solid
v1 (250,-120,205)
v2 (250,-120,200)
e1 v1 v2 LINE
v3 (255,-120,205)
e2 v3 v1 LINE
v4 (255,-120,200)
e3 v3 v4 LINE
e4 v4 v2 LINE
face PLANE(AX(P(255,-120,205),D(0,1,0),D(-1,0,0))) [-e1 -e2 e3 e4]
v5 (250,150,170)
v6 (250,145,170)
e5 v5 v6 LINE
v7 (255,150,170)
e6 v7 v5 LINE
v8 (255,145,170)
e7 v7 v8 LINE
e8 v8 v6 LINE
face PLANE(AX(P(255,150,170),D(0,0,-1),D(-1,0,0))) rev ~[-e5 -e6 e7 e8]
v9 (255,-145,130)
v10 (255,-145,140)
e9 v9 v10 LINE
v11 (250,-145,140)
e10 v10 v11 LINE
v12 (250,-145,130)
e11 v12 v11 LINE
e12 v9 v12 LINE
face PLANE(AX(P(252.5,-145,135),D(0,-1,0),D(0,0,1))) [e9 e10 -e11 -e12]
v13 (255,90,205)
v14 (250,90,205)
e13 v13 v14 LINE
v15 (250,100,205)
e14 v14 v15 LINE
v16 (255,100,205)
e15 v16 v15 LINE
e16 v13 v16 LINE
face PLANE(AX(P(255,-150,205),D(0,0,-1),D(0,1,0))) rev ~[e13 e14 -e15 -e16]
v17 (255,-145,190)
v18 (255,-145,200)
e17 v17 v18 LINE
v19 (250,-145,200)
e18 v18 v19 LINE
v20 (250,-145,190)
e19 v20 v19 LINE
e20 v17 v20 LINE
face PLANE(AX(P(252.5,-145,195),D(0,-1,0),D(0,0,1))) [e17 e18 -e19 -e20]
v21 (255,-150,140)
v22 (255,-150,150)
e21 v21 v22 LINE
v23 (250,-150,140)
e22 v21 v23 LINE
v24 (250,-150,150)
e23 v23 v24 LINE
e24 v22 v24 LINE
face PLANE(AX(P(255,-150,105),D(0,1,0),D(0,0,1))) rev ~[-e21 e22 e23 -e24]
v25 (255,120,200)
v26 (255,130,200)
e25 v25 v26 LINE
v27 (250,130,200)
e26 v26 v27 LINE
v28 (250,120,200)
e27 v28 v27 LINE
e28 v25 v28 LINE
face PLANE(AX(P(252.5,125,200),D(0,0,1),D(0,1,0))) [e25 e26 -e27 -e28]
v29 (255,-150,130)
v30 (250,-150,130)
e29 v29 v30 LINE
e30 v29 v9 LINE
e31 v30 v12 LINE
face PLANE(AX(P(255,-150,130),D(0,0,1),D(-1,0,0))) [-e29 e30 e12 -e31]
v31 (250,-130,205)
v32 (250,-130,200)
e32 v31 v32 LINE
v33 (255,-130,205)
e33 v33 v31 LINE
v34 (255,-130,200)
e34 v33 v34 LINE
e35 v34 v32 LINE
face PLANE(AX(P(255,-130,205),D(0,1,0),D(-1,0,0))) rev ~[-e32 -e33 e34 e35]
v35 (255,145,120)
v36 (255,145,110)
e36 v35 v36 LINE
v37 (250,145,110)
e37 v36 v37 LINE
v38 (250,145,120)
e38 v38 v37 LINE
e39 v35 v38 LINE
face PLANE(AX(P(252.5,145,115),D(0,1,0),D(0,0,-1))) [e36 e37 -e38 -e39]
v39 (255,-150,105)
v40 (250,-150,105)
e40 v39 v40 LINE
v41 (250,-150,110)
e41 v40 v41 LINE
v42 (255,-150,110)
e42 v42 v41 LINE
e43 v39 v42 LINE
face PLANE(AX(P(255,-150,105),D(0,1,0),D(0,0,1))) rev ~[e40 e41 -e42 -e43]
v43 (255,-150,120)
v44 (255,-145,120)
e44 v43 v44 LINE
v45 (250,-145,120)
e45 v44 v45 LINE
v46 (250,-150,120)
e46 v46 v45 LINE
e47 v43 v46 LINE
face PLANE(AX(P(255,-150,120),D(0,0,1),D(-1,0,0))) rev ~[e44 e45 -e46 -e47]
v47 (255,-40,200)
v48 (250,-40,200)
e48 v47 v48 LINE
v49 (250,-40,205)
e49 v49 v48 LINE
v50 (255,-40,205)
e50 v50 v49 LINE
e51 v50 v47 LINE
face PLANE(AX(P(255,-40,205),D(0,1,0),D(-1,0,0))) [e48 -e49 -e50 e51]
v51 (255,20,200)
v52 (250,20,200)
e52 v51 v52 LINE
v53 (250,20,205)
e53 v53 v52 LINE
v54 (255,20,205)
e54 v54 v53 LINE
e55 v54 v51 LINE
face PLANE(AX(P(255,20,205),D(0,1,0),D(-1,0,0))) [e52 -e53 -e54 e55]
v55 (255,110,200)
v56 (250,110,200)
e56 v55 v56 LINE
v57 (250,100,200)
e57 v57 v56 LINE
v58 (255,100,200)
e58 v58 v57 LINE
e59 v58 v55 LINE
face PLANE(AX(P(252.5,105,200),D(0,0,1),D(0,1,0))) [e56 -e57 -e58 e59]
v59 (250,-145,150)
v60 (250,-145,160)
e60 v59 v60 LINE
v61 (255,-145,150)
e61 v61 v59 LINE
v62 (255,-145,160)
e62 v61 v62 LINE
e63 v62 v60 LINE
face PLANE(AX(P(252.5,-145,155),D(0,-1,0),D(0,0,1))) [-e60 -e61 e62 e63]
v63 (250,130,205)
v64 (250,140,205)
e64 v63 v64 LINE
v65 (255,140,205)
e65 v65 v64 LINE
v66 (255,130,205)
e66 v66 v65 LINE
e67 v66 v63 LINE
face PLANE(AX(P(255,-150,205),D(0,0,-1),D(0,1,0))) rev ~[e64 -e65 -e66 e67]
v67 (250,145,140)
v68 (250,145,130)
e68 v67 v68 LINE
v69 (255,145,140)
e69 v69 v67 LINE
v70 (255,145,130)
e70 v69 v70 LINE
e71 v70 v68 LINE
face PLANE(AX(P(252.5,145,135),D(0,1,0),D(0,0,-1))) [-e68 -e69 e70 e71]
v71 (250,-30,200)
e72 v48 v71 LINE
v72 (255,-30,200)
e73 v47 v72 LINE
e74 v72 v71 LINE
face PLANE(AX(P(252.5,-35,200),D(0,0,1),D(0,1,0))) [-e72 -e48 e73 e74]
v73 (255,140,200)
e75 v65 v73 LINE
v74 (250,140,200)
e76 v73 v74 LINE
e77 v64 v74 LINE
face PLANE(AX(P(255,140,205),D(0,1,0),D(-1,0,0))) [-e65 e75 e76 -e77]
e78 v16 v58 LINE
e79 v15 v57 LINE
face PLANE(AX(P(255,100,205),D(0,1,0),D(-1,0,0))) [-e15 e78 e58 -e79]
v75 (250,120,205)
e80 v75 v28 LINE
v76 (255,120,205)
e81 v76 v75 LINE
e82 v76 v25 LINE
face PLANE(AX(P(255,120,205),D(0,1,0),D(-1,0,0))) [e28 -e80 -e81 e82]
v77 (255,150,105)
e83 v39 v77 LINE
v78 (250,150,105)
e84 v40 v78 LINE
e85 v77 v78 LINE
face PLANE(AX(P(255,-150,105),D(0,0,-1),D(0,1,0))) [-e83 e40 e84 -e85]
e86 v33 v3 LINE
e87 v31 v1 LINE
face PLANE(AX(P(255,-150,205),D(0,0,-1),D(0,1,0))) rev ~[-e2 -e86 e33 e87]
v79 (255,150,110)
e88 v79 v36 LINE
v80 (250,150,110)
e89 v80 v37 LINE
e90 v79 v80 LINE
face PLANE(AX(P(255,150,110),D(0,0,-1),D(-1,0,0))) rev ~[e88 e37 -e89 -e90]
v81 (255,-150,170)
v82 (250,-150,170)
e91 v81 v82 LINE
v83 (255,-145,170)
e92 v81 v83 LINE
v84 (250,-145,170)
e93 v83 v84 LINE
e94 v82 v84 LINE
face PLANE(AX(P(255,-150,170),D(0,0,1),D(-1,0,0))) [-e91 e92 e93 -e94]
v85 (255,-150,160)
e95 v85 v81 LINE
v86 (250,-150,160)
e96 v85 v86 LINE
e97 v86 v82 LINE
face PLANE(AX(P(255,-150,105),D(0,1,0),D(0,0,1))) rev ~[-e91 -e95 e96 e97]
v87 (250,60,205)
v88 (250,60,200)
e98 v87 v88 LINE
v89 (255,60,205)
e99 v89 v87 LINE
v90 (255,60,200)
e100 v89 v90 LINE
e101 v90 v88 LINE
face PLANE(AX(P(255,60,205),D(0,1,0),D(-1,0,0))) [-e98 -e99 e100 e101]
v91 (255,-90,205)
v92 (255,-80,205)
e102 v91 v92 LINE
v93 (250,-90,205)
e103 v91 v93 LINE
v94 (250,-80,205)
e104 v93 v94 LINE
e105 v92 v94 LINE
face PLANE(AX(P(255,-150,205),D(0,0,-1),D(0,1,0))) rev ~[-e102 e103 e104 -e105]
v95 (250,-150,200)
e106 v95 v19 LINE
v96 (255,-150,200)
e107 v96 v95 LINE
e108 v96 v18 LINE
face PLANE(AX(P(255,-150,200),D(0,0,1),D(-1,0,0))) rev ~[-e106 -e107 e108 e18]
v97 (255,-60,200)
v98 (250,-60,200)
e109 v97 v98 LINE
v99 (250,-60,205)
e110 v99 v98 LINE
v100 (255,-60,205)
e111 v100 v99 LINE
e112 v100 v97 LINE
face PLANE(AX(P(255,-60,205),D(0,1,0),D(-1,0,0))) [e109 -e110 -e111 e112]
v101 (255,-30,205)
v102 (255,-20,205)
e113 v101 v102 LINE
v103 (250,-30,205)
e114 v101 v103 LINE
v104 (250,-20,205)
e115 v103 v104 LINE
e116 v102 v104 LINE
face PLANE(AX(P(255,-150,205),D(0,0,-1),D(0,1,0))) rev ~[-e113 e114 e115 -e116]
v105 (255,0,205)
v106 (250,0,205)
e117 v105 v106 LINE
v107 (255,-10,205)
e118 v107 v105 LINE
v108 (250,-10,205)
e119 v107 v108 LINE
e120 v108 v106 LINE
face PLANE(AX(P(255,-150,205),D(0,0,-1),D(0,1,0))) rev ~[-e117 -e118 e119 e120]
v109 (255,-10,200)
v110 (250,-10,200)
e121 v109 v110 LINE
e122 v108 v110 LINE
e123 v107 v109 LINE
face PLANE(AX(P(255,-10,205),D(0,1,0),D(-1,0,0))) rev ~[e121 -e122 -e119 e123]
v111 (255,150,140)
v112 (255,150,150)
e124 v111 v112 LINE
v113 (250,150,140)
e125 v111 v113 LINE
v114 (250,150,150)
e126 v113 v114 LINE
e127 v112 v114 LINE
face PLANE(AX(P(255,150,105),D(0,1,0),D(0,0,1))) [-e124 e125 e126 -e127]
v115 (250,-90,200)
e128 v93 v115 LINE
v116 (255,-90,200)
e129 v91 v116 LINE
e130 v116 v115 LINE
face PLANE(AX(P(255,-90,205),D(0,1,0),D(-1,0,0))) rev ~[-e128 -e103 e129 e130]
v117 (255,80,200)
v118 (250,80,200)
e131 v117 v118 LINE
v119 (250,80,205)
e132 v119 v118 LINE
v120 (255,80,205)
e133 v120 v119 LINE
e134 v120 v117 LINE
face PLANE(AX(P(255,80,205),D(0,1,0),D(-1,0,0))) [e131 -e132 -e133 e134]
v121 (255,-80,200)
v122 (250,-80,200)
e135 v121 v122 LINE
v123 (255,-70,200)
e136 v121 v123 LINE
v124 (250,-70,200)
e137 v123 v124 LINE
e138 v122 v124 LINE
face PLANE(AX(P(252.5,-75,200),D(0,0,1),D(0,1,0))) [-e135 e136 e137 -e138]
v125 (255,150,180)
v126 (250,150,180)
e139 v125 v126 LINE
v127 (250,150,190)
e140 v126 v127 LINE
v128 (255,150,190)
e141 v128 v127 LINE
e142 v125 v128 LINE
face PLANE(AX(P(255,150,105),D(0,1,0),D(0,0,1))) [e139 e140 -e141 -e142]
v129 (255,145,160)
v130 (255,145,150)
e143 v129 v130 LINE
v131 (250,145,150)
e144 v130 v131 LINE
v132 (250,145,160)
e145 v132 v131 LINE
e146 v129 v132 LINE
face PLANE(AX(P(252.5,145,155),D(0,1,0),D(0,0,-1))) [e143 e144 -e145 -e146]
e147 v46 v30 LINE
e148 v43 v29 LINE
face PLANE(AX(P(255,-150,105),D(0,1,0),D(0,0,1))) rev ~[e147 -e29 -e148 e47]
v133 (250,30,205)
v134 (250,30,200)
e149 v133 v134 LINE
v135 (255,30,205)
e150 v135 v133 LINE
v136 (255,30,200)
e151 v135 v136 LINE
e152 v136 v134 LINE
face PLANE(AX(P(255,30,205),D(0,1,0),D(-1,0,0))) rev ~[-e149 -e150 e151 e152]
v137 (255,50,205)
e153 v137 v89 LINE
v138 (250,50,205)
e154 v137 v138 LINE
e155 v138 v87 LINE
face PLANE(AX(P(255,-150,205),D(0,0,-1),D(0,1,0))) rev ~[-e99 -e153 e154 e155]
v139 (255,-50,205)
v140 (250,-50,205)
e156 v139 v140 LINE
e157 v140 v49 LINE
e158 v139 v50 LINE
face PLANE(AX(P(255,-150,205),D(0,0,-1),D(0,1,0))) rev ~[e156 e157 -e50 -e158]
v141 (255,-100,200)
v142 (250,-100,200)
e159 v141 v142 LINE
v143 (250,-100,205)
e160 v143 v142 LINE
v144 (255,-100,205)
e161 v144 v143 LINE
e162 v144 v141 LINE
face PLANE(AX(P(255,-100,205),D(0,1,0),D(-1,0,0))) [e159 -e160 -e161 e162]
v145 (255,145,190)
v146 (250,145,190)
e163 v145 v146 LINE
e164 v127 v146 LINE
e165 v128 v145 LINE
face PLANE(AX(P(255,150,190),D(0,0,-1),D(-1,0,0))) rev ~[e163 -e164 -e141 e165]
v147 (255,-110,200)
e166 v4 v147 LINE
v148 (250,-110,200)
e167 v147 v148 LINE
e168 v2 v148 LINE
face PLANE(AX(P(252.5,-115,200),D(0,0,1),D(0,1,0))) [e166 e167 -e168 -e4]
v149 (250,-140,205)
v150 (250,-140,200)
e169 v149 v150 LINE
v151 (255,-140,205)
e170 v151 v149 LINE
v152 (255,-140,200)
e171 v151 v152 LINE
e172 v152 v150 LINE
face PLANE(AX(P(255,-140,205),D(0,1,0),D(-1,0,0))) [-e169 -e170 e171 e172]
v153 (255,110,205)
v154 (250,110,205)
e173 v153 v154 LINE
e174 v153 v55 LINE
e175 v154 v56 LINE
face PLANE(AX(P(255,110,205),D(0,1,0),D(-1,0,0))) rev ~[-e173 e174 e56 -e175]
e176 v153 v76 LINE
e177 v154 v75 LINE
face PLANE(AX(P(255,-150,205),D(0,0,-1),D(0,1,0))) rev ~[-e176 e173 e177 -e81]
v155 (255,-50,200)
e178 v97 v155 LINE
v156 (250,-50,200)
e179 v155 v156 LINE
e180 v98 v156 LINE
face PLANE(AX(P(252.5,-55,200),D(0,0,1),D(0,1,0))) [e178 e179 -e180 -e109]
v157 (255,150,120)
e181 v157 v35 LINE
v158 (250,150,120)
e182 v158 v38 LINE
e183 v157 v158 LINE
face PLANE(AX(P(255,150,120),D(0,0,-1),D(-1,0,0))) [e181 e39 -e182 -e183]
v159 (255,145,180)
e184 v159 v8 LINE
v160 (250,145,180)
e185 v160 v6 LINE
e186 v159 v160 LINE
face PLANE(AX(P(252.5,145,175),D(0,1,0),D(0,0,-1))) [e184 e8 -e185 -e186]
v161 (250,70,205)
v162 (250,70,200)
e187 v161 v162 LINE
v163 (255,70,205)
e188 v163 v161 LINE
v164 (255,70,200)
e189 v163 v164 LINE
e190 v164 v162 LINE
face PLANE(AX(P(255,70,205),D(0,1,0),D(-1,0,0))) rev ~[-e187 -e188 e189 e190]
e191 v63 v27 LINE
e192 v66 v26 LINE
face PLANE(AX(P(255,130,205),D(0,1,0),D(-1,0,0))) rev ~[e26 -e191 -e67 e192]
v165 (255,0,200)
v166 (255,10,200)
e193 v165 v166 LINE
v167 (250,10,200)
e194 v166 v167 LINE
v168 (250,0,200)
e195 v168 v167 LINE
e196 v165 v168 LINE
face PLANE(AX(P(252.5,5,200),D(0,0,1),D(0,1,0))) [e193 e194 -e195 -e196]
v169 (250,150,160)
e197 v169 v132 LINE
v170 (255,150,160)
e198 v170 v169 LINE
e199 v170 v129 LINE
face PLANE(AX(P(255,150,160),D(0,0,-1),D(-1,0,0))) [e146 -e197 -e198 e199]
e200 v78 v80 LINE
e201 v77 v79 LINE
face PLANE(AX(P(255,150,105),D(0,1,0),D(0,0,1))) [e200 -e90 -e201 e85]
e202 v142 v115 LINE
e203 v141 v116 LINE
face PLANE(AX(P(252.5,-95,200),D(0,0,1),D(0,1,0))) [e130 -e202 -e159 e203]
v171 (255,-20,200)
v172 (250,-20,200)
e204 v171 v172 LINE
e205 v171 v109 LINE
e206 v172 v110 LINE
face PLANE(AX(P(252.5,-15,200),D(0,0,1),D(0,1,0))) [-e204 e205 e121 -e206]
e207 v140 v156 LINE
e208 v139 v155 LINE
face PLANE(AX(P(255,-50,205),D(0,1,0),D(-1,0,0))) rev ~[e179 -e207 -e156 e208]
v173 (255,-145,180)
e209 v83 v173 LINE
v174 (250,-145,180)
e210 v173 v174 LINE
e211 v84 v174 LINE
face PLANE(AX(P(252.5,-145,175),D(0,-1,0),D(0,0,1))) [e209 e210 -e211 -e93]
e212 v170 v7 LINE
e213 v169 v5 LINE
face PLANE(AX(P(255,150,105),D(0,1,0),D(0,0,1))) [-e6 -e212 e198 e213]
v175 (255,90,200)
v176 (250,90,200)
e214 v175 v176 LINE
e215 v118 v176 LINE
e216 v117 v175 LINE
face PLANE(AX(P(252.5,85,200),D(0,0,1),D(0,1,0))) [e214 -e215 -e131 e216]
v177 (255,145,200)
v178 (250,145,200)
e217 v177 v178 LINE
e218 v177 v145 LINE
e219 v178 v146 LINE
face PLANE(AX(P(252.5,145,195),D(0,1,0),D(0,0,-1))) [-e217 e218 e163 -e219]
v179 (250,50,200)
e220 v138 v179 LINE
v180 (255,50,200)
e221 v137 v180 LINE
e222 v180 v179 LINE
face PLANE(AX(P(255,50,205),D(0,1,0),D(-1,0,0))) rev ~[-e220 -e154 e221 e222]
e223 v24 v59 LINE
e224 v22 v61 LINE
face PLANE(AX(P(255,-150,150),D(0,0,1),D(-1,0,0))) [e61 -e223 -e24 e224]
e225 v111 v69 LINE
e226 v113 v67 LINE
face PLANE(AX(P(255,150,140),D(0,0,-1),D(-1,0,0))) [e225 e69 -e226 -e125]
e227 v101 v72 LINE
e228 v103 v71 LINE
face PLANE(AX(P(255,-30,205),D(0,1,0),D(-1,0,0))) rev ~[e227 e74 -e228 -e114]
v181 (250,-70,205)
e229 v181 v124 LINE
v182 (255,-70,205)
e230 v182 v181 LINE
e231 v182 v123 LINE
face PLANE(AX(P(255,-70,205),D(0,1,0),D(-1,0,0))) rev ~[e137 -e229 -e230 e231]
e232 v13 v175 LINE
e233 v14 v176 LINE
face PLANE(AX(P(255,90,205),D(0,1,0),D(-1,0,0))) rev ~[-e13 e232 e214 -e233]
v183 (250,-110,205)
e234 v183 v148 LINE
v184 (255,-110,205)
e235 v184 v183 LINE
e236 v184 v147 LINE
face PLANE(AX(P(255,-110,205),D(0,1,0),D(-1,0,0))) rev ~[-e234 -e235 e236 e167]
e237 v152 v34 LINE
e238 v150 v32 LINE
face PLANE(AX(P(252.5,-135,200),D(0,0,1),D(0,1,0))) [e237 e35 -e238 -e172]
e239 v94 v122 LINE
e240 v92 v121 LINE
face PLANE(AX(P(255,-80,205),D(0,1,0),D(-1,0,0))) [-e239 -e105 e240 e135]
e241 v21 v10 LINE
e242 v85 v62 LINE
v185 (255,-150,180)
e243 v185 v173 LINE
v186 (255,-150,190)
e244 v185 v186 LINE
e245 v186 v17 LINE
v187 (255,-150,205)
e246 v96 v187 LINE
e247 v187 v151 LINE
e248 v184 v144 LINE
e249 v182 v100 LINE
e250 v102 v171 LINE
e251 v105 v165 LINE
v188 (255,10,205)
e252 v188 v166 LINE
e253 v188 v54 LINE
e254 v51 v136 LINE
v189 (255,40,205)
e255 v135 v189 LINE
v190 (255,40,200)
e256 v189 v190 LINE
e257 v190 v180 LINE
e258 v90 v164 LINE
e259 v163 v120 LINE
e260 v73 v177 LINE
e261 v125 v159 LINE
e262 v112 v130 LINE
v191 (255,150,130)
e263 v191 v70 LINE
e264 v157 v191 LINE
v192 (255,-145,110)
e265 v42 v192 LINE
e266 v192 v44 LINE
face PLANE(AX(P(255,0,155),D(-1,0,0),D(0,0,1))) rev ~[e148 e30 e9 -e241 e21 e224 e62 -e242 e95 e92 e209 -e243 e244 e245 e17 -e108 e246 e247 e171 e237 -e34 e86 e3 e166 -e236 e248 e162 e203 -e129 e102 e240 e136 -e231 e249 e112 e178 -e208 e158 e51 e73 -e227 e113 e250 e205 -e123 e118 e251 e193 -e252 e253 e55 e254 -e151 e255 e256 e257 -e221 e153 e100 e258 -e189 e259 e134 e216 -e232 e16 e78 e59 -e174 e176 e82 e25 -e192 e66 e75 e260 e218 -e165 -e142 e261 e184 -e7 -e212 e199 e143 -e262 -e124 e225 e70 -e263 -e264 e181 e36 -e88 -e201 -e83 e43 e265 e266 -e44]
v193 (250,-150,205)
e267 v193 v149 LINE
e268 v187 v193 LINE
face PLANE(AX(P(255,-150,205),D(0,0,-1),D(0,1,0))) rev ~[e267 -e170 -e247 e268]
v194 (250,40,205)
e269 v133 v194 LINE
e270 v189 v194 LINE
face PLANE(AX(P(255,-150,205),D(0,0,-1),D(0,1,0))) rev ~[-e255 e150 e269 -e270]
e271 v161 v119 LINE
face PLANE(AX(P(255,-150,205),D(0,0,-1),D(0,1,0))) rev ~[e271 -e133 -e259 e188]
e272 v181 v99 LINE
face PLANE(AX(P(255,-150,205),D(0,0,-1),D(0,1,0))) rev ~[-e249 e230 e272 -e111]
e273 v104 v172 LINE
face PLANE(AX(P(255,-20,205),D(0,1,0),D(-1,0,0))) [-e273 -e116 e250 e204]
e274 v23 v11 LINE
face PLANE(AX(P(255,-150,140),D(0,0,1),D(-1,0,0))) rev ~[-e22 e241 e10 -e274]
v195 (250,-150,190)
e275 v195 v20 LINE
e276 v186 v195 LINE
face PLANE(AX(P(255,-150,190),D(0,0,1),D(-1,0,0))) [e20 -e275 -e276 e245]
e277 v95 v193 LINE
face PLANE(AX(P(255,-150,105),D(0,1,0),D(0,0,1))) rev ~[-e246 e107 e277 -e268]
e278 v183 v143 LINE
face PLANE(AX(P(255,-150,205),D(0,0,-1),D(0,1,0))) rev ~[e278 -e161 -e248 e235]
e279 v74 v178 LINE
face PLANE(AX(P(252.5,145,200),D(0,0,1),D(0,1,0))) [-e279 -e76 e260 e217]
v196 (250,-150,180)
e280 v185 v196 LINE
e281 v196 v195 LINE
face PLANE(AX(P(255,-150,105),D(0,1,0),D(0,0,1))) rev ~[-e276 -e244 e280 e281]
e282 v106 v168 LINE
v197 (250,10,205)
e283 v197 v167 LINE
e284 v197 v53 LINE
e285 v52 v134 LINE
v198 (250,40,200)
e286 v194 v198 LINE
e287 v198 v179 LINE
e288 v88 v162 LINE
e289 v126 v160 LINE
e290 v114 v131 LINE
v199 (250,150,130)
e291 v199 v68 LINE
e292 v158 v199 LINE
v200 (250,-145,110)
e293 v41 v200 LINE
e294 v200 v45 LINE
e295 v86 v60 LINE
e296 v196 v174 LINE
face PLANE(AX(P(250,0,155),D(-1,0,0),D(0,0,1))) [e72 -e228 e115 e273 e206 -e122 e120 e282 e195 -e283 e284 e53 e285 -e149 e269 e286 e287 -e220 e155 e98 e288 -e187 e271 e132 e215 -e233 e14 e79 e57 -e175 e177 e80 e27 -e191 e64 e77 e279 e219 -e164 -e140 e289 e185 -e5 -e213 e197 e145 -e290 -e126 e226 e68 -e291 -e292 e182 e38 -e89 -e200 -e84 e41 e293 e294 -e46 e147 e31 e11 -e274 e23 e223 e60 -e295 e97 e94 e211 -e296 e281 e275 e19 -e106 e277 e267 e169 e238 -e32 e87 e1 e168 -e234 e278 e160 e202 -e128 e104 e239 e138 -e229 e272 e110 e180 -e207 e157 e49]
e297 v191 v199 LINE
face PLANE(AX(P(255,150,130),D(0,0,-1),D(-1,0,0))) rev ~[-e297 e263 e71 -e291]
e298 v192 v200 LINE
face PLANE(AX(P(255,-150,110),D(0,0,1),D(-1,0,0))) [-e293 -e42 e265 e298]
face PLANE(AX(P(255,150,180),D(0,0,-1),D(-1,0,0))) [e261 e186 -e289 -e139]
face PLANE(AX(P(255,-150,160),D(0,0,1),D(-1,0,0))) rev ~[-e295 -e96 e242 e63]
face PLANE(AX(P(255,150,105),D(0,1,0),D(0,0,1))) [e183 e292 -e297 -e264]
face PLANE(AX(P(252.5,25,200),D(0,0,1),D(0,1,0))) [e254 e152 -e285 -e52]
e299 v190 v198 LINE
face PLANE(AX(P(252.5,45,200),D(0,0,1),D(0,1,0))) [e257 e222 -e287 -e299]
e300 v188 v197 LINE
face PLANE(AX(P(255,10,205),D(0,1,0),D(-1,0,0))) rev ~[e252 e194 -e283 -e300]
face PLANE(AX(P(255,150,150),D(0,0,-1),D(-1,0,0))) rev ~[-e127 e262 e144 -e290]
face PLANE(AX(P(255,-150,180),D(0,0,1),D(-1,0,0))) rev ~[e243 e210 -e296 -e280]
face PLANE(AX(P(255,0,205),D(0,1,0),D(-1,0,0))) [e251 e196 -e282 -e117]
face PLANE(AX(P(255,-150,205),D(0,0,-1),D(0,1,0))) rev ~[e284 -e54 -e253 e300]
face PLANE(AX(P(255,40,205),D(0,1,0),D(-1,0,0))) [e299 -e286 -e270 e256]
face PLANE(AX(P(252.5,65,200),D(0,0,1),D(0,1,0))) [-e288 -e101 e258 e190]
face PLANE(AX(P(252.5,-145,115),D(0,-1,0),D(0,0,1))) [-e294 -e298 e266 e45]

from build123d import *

# Parameters (mm, degrees)
SKETCH054_W             = 100
SKETCH054_H             = 300
PAD038_DEPTH            = 5
SKETCH058_W             = 10
SKETCH058_H             = 5
POCKET016_DEPTH         = 5
LINEARPATTERN033_COUNT  = 5
LINEARPATTERN033_PITCH  = 20
SKETCH059_W             = 10
SKETCH059_H             = 5
POCKET017_DEPTH         = 5
LINEARPATTERN034_COUNT  = 5
LINEARPATTERN034_PITCH  = 20
SKETCH060_W             = 10
SKETCH060_H             = 5
POCKET018_DEPTH         = 5
LINEARPATTERN035_COUNT  = 15
LINEARPATTERN035_PITCH  = 20
BODY017_PLACEMENT_ANGLE = 90


with BuildPart() as part:
    # Sketch054 → Pad038 (new body)
    with BuildSketch(Plane.XY):
        Rectangle(SKETCH054_W, SKETCH054_H)
    extrude(amount=PAD038_DEPTH)

    # Sketch058 (on DatumPlane) → Pocket016 (cut)
    with BuildSketch(Plane.XZ.offset(150)):
        with Locations((-40, 2.5)):
            Rectangle(SKETCH058_W, SKETCH058_H)
    pocket016 = extrude(amount=-POCKET016_DEPTH, mode=Mode.SUBTRACT)

    # LinearPattern033: Pocket016 ×5
    with Locations(*[(i * LINEARPATTERN033_PITCH, 0, 0) for i in range(1, LINEARPATTERN033_COUNT)]):
        add(pocket016, mode=Mode.SUBTRACT)

    # Sketch059 (on DatumPlane) → Pocket017 (cut)
    with BuildSketch(Plane(origin=(0, 150, 0), x_dir=(-1, 0, 0), z_dir=(0, 1, 0))):
        with Locations((-40, 2.5)):
            Rectangle(SKETCH059_W, SKETCH059_H)
    pocket017 = extrude(amount=-POCKET017_DEPTH, mode=Mode.SUBTRACT)

    # LinearPattern034: Pocket017 ×5
    with Locations(*[(-i * LINEARPATTERN034_PITCH, 0, 0) for i in range(1, LINEARPATTERN034_COUNT)]):
        add(pocket017, mode=Mode.SUBTRACT)

    # Sketch060 (on DatumPlane) → Pocket018 (cut)
    with BuildSketch(Plane.YZ.offset(50)):
        with Locations((-135, 2.5)):
            Rectangle(SKETCH060_W, SKETCH060_H)
    pocket018 = extrude(amount=-POCKET018_DEPTH, mode=Mode.SUBTRACT)

    # LinearPattern035: Pocket018 ×15
    with Locations(*[(0, i * LINEARPATTERN035_PITCH, 0) for i in range(1, LINEARPATTERN035_COUNT)]):
        add(pocket018, mode=Mode.SUBTRACT)


with BuildPart() as part_1:
    # Body017 placement: moved
    add(part.part.moved(Location((255, 0, 155))).rotate(Axis((255, 0, 155), (0, -1, 0)), BODY017_PLACEMENT_ANGLE))


solid = part_1.part
